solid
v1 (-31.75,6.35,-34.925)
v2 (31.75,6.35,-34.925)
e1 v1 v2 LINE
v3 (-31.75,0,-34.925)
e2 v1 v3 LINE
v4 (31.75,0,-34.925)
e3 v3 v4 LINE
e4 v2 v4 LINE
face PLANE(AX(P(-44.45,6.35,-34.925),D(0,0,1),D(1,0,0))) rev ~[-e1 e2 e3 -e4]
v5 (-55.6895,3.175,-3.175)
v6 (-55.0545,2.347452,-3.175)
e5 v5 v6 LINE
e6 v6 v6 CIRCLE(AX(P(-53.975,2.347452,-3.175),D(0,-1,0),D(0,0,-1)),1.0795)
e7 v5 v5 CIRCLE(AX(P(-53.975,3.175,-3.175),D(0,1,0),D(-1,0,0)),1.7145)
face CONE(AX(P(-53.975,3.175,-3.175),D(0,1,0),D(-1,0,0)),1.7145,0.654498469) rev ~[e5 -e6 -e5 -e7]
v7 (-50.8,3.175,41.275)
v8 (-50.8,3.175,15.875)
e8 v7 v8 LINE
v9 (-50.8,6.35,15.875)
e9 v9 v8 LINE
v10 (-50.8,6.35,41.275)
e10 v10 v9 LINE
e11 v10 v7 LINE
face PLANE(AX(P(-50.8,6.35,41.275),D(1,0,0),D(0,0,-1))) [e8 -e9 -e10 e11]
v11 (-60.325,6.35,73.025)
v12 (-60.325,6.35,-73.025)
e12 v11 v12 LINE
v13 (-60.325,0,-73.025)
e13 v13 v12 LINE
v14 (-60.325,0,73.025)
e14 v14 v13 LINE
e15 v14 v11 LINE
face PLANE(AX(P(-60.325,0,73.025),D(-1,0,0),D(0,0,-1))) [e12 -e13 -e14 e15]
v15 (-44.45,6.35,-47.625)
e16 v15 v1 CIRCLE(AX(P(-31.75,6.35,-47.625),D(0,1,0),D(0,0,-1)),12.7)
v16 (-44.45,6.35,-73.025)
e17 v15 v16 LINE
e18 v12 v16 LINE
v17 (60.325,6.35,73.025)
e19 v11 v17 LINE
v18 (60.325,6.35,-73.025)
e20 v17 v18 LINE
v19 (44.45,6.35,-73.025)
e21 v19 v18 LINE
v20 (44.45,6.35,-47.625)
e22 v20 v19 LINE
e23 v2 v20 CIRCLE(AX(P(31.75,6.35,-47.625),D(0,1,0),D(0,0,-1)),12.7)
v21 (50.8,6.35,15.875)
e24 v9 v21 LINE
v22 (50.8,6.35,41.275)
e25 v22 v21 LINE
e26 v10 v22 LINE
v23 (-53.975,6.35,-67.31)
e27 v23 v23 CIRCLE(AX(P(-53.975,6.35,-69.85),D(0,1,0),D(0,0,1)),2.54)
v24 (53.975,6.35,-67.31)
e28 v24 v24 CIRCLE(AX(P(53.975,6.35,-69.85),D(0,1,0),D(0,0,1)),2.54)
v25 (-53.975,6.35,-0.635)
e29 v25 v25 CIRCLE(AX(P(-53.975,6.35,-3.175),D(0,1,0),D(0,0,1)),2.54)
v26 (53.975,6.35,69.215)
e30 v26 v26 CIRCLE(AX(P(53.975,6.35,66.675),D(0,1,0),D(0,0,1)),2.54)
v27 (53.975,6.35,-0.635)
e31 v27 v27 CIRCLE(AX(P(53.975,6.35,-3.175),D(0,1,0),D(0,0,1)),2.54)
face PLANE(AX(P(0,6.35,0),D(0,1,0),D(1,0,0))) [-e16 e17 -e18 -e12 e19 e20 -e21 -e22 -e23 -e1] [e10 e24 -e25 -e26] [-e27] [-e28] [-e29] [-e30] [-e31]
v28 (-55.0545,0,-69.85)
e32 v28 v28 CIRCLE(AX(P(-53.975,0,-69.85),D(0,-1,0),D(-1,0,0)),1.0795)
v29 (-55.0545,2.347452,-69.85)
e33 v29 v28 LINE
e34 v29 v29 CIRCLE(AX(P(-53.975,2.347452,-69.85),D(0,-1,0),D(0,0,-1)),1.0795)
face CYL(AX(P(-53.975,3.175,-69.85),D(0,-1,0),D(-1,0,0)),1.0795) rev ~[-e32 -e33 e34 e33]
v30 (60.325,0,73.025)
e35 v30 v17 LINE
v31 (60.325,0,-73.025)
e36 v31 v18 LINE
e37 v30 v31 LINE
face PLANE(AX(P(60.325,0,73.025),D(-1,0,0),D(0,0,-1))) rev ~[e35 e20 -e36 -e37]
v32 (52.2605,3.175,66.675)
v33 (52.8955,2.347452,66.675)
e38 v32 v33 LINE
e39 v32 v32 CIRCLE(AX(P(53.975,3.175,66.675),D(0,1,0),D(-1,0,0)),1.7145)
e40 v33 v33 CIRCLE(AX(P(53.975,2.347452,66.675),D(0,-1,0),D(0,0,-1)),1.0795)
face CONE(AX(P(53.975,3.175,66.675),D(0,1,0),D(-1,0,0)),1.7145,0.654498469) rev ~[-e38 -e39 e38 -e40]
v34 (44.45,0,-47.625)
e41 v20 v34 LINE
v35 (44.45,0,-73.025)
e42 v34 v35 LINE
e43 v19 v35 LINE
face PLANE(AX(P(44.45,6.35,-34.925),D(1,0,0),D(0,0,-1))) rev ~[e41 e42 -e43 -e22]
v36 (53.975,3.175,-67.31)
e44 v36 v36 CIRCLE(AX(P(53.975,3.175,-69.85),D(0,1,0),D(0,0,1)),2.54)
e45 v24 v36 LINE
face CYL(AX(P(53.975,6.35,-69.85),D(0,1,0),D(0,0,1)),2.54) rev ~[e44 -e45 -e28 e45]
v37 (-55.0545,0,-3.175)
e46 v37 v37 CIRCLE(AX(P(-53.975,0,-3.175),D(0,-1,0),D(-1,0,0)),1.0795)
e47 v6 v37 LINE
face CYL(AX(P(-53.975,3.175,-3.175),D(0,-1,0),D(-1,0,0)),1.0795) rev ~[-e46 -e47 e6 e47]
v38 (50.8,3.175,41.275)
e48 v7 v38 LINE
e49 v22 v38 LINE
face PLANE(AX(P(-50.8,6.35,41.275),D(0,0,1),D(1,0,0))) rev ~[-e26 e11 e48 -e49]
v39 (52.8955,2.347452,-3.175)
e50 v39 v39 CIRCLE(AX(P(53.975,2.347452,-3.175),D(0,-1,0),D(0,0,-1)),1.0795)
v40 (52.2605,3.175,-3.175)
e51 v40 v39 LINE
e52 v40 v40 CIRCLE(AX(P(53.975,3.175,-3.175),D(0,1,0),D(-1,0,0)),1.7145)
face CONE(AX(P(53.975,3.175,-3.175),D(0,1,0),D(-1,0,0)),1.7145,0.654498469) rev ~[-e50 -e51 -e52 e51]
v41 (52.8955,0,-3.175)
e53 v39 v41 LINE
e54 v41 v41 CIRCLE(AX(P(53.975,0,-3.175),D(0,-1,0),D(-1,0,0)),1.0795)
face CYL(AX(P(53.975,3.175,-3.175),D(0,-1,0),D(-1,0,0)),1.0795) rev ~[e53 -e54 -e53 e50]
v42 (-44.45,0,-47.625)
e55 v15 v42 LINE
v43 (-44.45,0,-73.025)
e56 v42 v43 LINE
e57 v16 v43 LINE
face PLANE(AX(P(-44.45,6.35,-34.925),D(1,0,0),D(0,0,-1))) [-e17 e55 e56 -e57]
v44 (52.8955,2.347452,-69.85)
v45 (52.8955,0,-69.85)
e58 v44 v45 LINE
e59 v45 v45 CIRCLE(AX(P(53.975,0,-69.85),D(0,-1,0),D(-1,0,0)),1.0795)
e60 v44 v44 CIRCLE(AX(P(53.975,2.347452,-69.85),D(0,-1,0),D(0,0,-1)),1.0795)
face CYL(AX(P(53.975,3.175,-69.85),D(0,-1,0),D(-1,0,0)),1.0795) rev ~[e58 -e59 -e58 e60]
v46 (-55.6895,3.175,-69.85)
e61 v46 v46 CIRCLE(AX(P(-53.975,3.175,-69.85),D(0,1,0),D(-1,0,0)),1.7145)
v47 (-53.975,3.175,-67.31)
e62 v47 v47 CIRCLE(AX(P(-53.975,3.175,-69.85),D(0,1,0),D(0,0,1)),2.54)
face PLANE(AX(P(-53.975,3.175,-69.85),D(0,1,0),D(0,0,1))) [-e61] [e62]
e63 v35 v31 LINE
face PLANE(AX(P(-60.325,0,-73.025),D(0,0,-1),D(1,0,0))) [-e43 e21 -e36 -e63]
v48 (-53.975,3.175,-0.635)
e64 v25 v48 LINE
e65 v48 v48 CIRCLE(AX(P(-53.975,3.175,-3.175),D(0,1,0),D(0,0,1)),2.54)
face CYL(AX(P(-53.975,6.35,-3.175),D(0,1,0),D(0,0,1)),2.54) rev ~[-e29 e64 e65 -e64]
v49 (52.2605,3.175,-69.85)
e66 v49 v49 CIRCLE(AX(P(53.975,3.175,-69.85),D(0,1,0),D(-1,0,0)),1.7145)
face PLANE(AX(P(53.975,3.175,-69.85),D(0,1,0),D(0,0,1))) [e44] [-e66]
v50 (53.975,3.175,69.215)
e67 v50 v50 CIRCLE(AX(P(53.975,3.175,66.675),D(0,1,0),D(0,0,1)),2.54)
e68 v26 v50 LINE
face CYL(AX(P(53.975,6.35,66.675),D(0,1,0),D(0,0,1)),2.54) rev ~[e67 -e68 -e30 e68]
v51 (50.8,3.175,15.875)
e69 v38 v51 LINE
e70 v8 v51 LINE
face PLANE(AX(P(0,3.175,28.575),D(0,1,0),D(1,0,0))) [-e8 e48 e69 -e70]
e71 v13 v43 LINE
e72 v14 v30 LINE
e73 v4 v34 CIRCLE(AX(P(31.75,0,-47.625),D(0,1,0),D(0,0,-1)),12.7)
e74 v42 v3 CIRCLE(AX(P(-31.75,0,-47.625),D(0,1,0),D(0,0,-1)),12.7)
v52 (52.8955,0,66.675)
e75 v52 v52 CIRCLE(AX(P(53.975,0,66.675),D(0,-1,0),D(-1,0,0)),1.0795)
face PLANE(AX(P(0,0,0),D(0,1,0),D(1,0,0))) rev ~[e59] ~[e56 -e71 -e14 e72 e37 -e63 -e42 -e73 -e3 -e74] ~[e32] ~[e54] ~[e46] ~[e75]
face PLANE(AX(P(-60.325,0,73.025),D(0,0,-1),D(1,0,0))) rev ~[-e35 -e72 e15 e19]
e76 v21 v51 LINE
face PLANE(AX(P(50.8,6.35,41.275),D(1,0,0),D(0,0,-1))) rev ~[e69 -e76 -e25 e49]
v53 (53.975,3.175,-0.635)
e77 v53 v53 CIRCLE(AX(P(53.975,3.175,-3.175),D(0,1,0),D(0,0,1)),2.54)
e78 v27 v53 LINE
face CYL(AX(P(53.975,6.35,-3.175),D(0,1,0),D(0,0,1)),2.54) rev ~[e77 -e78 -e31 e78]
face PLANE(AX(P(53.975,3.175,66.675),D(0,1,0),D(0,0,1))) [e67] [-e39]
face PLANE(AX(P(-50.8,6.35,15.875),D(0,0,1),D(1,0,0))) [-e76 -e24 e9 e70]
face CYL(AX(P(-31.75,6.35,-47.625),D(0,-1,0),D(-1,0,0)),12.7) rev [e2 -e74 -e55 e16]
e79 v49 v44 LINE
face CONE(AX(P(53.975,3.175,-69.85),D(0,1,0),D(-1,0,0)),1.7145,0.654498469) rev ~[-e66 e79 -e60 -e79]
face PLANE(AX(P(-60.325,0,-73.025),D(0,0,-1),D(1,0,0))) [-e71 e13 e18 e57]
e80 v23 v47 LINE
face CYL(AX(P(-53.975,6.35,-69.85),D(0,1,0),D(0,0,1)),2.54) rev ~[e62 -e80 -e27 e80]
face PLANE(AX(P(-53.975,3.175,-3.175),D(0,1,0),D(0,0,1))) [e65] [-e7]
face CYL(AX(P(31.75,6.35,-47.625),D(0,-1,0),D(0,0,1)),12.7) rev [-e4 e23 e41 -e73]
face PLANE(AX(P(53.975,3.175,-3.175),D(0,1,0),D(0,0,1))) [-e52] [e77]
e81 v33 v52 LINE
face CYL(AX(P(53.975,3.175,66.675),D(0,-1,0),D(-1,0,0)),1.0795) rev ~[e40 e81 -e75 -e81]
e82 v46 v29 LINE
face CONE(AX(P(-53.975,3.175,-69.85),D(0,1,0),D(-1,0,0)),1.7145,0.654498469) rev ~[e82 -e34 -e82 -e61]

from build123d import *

# Parameters (mm, degrees)
SKETCH1_W                       = 120.65
SKETCH1_H                       = 146.05
BOSS_EXTRUDE1_DEPTH             = 6.35
SKETCH7_R                       = 2.54
CUT_EXTRUDE1_DEPTH              = 3.175
F_2_CLEARANCE_HOLE2_D           = 2.159
F_2_CLEARANCE_HOLE2_CSINK_D     = 3.429
F_2_CLEARANCE_HOLE2_CSINK_ANGLE = 75
SKETCH13_W                      = 88.9
SKETCH13_H                      = 38.1
CUT_EXTRUDE3_DEPTH              = 95.931969062
FILLET1_R                       = 12.7
SKETCH11_W                      = 101.6
SKETCH11_H                      = 25.4
CUT_EXTRUDE2_DEPTH              = 3.175


with BuildPart() as part:
    # Sketch1 → Boss-Extrude1 (new body)
    with BuildSketch(Plane(origin=(0, 0, 0), x_dir=(1, 0, 0), z_dir=(0, 1, 0))):
        Rectangle(SKETCH1_W, SKETCH1_H)
    extrude(amount=BOSS_EXTRUDE1_DEPTH)

    # Sketch7 → Cut-Extrude1 (cut)
    with BuildSketch(Plane(origin=(0, 6.35, 0), x_dir=(1, 0, 0), z_dir=(0, 1, 0))):
        with Locations(Location((-53.975, 3.175, 0), (0, 0, 270))):
            Circle(SKETCH7_R)
        with Locations(Location((53.975, 3.175, 0), (0, 0, 270))):
            Circle(SKETCH7_R)
        with Locations(Location((53.975, -66.675, 0), (0, 0, 270))):
            Circle(SKETCH7_R)
        with Locations(Location((-53.975, 69.85, 0), (0, 0, 270))):
            Circle(SKETCH7_R)
        with Locations(Location((53.975, 69.85, 0), (0, 0, 270))):
            Circle(SKETCH7_R)
    extrude(amount=-CUT_EXTRUDE1_DEPTH, mode=Mode.SUBTRACT)

    # #2 Clearance Hole2 (through all)
    with Locations(Plane(origin=(0, 3.175, 0), x_dir=(1, 0, 0), z_dir=(0, 1, 0))):
        with Locations((-53.975, 3.175), (53.975, 3.175), (53.975, -66.675), (-53.975, 69.85), (53.975, 69.85)):
            CounterSinkHole(F_2_CLEARANCE_HOLE2_D / 2, F_2_CLEARANCE_HOLE2_CSINK_D / 2, counter_sink_angle=F_2_CLEARANCE_HOLE2_CSINK_ANGLE)

    # Sketch13 → Cut-Extrude3 (cut, through all)
    with BuildSketch(Plane(origin=(0, 6.35, 0), x_dir=(1, 0, 0), z_dir=(0, 1, 0))):
        with Locations((0, 53.975)):
            Rectangle(SKETCH13_W, SKETCH13_H)
    extrude(amount=-CUT_EXTRUDE3_DEPTH, mode=Mode.SUBTRACT)

    # Fillet1
    fillet1_edges = [part.edges().sort_by_distance(p)[0] for p in [
        (44.45, 3.175, -34.925),
        (-44.45, 3.175, -34.925),
    ]]
    fillet(fillet1_edges, radius=FILLET1_R)

    # Sketch11 → Cut-Extrude2 (cut)
    with BuildSketch(Plane(origin=(0, 6.35, 0), x_dir=(1, 0, 0), z_dir=(0, 1, 0))):
        with Locations((0, -28.575)):
            Rectangle(SKETCH11_W, SKETCH11_H)
    extrude(amount=-CUT_EXTRUDE2_DEPTH, mode=Mode.SUBTRACT)


solid = part.part
